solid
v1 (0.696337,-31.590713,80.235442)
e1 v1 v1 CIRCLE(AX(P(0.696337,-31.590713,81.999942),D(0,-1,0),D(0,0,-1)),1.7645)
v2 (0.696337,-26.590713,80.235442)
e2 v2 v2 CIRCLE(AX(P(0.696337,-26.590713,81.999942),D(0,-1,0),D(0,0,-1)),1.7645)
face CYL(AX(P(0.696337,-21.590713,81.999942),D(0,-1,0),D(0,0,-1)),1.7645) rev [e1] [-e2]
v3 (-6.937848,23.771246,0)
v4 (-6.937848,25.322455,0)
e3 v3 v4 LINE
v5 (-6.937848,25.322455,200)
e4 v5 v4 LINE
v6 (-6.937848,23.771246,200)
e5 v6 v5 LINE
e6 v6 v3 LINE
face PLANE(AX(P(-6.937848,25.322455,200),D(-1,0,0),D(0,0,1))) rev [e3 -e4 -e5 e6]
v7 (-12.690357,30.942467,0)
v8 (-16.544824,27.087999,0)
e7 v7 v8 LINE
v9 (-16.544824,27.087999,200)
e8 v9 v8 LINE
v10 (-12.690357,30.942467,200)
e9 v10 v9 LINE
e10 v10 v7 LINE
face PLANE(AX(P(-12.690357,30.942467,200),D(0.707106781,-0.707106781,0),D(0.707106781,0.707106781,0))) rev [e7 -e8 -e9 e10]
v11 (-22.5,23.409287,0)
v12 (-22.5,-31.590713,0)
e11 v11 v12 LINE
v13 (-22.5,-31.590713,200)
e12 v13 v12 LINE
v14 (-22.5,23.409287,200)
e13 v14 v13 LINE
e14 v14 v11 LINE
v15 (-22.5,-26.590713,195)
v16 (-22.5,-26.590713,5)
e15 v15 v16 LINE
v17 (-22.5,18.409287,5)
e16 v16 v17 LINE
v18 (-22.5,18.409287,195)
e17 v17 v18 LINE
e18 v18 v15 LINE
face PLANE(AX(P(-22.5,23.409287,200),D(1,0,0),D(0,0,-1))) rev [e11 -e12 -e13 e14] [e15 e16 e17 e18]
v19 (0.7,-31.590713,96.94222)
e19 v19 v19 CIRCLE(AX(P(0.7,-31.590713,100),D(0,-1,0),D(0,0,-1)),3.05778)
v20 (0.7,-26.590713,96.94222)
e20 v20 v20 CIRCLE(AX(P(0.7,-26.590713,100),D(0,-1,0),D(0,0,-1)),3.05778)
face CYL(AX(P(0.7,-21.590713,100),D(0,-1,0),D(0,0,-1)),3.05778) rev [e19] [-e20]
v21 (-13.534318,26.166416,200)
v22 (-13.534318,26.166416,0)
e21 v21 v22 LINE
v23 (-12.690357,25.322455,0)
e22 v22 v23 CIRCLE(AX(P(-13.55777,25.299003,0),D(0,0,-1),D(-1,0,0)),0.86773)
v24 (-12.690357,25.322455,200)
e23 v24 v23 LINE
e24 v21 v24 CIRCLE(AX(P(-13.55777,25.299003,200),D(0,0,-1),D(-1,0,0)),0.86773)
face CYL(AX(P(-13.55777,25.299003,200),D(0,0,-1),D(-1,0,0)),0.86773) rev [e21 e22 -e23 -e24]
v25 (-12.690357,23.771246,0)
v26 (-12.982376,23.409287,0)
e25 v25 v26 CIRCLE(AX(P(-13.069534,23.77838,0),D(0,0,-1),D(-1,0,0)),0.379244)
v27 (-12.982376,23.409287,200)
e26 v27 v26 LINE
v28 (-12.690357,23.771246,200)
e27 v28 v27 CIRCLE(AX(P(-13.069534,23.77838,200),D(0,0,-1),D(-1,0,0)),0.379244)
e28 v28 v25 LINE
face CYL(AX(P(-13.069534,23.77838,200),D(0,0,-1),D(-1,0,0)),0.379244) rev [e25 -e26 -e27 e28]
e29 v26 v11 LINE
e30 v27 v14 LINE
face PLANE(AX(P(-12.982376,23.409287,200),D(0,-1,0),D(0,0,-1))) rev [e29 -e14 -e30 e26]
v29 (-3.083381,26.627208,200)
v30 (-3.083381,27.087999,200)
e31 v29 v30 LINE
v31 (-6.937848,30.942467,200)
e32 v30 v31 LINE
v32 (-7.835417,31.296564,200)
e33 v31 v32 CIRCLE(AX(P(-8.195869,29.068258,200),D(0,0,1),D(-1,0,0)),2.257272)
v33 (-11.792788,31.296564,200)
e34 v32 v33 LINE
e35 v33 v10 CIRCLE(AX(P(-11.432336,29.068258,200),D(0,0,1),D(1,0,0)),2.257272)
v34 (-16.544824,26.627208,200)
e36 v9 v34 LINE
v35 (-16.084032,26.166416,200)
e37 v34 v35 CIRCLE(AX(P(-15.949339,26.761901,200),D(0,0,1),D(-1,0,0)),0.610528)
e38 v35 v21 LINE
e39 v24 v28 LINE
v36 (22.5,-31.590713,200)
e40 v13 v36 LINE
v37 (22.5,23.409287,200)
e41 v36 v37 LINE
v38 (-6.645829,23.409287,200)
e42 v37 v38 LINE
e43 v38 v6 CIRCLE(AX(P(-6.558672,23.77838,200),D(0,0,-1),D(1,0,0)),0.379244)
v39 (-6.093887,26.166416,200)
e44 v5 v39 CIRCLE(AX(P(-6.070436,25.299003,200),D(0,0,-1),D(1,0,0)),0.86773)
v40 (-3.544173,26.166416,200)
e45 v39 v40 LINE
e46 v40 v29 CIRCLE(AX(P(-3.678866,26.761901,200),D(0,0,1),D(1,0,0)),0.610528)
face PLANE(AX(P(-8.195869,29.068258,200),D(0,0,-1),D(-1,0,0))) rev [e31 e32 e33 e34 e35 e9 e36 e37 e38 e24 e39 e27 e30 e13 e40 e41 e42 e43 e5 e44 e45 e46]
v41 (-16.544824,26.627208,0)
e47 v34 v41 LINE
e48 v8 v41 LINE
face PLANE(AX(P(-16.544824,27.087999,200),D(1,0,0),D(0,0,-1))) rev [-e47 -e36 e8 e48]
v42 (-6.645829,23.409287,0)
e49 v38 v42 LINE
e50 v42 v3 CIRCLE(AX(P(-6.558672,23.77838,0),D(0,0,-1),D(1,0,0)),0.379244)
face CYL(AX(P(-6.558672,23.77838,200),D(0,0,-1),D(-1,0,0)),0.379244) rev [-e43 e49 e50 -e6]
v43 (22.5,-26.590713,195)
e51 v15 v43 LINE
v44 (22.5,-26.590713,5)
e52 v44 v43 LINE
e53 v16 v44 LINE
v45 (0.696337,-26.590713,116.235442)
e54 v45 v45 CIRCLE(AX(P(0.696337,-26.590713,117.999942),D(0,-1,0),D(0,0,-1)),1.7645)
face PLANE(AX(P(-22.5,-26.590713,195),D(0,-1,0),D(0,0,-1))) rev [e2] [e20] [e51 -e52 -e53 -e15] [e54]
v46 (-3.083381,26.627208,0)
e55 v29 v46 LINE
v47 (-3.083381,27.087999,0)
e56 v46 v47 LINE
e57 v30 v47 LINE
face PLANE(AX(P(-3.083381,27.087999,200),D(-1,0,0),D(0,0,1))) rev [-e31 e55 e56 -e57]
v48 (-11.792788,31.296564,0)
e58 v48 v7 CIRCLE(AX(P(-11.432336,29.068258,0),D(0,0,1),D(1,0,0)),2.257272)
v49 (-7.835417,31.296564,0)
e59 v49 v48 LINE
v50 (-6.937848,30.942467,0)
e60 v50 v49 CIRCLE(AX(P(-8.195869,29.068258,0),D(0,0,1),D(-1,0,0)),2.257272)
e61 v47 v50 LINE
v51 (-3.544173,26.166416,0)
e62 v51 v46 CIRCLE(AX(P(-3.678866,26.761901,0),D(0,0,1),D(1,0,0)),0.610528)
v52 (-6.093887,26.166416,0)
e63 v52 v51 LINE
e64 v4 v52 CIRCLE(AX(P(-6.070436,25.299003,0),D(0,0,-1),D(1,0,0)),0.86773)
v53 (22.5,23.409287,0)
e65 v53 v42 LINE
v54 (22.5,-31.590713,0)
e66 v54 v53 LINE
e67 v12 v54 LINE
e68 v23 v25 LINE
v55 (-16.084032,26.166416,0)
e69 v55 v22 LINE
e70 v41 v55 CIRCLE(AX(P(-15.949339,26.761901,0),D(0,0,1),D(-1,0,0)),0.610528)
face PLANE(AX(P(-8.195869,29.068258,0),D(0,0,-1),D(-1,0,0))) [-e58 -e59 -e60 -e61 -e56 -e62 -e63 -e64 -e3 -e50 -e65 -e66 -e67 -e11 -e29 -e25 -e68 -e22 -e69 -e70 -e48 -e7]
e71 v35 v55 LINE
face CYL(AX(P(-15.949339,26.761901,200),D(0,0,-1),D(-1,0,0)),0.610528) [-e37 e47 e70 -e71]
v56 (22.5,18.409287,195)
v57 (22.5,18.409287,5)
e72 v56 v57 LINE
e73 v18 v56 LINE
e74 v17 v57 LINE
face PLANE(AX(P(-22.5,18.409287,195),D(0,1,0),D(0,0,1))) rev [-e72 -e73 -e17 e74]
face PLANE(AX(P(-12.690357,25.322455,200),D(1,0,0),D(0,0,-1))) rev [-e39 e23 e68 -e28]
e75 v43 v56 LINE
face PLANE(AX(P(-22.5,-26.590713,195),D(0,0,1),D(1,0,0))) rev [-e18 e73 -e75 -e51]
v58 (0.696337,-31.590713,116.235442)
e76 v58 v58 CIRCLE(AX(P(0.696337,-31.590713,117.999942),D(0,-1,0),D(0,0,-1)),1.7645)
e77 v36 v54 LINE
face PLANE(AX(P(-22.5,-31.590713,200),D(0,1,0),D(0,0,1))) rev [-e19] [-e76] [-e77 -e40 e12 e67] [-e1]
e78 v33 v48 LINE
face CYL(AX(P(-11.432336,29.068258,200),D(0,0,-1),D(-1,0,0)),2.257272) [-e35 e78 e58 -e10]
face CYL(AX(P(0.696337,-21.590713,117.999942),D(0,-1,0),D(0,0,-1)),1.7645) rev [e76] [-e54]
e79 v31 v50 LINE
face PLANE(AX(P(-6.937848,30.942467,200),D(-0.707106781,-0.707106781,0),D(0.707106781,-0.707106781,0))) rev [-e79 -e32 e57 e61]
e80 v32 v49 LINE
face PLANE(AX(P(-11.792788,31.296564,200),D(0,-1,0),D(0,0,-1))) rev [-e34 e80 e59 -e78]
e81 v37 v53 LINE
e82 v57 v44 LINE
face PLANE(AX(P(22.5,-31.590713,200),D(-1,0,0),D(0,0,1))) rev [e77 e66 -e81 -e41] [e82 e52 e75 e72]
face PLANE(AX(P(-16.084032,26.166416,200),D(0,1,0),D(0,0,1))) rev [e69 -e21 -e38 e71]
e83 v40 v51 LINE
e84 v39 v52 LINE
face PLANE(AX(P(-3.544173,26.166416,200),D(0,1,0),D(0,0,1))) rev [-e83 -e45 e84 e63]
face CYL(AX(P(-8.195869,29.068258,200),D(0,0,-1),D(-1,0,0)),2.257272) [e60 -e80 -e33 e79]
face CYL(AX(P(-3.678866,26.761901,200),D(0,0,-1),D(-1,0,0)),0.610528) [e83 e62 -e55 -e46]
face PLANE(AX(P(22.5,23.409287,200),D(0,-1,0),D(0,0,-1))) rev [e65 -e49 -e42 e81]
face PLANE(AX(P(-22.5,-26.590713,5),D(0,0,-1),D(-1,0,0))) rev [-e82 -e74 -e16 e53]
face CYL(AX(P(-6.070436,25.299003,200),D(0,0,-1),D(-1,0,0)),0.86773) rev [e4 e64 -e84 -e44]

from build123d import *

# Parameters (mm, degrees)
BOSS_EXTRUDE1_DEPTH     = 200
CUT_EXTRUDE1_DEPTH      = 208.419799276
CUT_EXTRUDE1_DEPTH_BACK = 208.419799276
BODY_CUT_W              = 190
BODY_CUT_H              = 45
SCREW_HOLES_R           = 3.05778
SCREW_HOLES_R_2         = 1.7645
CUT_EXTRUDE9_DEPTH      = 10


with BuildPart() as part:
    # body sketch → Boss-Extrude1 (new body)
    with BuildSketch(Plane.XY):
        with BuildLine():
            Line((-11.792788403, 31.296564203), (-7.835417036, 31.296564203))
            ThreePointArc((-7.835417036, 31.296564203), (-7.367491329, 31.168035209), (-6.937848459, 30.94246665))
            Line((-6.937848459, 30.94246665), (-3.083381198, 27.087999388))
            Line((-3.083381198, 27.087999388), (-3.083381198, 26.62720762))
            ThreePointArc((-3.083381198, 26.62720762), (-3.247157606, 26.33019226), (-3.544172966, 26.166415852))
            Line((-3.544172966, 26.166415852), (-6.093887415, 26.166415852))
            ThreePointArc((-6.093887415, 26.166415852), (-6.684013327, 25.91258072), (-6.937848459, 25.322454808))
            Line((-6.937848459, 25.322454808), (-6.937848459, 23.771246138))
            ThreePointArc((-6.937848459, 23.771246138), (-6.853833412, 23.540250894), (-6.645828951, 23.409287254))
            Line((-6.645828951, 23.409287254), (22.5, 23.409287254))
            Line((22.5, 23.409287254), (22.5, -31.590712746))
            Line((22.5, -31.590712746), (-22.5, -31.590712746))
            Line((-22.5, -31.590712746), (-22.5, 23.409287254))
            Line((-22.5, 23.409287254), (-12.982376489, 23.409287254))
            ThreePointArc((-12.982376489, 23.409287254), (-12.774372027, 23.540250894), (-12.69035698, 23.771246138))
            Line((-12.69035698, 23.771246138), (-12.69035698, 25.322454808))
            ThreePointArc((-12.69035698, 25.322454808), (-12.944192112, 25.91258072), (-13.534318024, 26.166415852))
            Line((-13.534318024, 26.166415852), (-16.084032474, 26.166415852))
            ThreePointArc((-16.084032474, 26.166415852), (-16.381047834, 26.33019226), (-16.544824242, 26.62720762))
            Line((-16.544824242, 26.62720762), (-16.544824242, 27.087999388))
            Line((-16.544824242, 27.087999388), (-12.69035698, 30.94246665))
            ThreePointArc((-12.69035698, 30.94246665), (-12.260714111, 31.168035209), (-11.792788403, 31.296564203))
        make_face()
    extrude(amount=BOSS_EXTRUDE1_DEPTH)

    # body cut → Cut-Extrude1 (cut, two sides: drawn at the far end of the back side and taken through both)
    with BuildSketch(Plane(origin=(22.5, 0, 0), x_dir=(0, 0, -1), z_dir=(1, 0, 0)).offset(-CUT_EXTRUDE1_DEPTH_BACK)):
        with Locations((-100, -4.090712746)):
            Rectangle(BODY_CUT_W, BODY_CUT_H)
    extrude(amount=CUT_EXTRUDE1_DEPTH + CUT_EXTRUDE1_DEPTH_BACK, mode=Mode.SUBTRACT)

    # screw holes → Cut-Extrude9 (cut)
    with BuildSketch(Plane(origin=(0, -31.590712746, 0), x_dir=(-1, 0, 0), z_dir=(0, -1, 0))):
        with Locations(Location((-0.7, -100, 0), (0, 0, 90))):
            Circle(SCREW_HOLES_R)
        with Locations(Location((-0.696336872, -81.999941546, 0), (0, 0, 90))):
            Circle(SCREW_HOLES_R_2)
        with Locations(Location((-0.696336872, -117.999941546, 0), (0, 0, 90))):
            Circle(SCREW_HOLES_R_2)
    extrude(amount=-CUT_EXTRUDE9_DEPTH, mode=Mode.SUBTRACT)


solid = part.part
